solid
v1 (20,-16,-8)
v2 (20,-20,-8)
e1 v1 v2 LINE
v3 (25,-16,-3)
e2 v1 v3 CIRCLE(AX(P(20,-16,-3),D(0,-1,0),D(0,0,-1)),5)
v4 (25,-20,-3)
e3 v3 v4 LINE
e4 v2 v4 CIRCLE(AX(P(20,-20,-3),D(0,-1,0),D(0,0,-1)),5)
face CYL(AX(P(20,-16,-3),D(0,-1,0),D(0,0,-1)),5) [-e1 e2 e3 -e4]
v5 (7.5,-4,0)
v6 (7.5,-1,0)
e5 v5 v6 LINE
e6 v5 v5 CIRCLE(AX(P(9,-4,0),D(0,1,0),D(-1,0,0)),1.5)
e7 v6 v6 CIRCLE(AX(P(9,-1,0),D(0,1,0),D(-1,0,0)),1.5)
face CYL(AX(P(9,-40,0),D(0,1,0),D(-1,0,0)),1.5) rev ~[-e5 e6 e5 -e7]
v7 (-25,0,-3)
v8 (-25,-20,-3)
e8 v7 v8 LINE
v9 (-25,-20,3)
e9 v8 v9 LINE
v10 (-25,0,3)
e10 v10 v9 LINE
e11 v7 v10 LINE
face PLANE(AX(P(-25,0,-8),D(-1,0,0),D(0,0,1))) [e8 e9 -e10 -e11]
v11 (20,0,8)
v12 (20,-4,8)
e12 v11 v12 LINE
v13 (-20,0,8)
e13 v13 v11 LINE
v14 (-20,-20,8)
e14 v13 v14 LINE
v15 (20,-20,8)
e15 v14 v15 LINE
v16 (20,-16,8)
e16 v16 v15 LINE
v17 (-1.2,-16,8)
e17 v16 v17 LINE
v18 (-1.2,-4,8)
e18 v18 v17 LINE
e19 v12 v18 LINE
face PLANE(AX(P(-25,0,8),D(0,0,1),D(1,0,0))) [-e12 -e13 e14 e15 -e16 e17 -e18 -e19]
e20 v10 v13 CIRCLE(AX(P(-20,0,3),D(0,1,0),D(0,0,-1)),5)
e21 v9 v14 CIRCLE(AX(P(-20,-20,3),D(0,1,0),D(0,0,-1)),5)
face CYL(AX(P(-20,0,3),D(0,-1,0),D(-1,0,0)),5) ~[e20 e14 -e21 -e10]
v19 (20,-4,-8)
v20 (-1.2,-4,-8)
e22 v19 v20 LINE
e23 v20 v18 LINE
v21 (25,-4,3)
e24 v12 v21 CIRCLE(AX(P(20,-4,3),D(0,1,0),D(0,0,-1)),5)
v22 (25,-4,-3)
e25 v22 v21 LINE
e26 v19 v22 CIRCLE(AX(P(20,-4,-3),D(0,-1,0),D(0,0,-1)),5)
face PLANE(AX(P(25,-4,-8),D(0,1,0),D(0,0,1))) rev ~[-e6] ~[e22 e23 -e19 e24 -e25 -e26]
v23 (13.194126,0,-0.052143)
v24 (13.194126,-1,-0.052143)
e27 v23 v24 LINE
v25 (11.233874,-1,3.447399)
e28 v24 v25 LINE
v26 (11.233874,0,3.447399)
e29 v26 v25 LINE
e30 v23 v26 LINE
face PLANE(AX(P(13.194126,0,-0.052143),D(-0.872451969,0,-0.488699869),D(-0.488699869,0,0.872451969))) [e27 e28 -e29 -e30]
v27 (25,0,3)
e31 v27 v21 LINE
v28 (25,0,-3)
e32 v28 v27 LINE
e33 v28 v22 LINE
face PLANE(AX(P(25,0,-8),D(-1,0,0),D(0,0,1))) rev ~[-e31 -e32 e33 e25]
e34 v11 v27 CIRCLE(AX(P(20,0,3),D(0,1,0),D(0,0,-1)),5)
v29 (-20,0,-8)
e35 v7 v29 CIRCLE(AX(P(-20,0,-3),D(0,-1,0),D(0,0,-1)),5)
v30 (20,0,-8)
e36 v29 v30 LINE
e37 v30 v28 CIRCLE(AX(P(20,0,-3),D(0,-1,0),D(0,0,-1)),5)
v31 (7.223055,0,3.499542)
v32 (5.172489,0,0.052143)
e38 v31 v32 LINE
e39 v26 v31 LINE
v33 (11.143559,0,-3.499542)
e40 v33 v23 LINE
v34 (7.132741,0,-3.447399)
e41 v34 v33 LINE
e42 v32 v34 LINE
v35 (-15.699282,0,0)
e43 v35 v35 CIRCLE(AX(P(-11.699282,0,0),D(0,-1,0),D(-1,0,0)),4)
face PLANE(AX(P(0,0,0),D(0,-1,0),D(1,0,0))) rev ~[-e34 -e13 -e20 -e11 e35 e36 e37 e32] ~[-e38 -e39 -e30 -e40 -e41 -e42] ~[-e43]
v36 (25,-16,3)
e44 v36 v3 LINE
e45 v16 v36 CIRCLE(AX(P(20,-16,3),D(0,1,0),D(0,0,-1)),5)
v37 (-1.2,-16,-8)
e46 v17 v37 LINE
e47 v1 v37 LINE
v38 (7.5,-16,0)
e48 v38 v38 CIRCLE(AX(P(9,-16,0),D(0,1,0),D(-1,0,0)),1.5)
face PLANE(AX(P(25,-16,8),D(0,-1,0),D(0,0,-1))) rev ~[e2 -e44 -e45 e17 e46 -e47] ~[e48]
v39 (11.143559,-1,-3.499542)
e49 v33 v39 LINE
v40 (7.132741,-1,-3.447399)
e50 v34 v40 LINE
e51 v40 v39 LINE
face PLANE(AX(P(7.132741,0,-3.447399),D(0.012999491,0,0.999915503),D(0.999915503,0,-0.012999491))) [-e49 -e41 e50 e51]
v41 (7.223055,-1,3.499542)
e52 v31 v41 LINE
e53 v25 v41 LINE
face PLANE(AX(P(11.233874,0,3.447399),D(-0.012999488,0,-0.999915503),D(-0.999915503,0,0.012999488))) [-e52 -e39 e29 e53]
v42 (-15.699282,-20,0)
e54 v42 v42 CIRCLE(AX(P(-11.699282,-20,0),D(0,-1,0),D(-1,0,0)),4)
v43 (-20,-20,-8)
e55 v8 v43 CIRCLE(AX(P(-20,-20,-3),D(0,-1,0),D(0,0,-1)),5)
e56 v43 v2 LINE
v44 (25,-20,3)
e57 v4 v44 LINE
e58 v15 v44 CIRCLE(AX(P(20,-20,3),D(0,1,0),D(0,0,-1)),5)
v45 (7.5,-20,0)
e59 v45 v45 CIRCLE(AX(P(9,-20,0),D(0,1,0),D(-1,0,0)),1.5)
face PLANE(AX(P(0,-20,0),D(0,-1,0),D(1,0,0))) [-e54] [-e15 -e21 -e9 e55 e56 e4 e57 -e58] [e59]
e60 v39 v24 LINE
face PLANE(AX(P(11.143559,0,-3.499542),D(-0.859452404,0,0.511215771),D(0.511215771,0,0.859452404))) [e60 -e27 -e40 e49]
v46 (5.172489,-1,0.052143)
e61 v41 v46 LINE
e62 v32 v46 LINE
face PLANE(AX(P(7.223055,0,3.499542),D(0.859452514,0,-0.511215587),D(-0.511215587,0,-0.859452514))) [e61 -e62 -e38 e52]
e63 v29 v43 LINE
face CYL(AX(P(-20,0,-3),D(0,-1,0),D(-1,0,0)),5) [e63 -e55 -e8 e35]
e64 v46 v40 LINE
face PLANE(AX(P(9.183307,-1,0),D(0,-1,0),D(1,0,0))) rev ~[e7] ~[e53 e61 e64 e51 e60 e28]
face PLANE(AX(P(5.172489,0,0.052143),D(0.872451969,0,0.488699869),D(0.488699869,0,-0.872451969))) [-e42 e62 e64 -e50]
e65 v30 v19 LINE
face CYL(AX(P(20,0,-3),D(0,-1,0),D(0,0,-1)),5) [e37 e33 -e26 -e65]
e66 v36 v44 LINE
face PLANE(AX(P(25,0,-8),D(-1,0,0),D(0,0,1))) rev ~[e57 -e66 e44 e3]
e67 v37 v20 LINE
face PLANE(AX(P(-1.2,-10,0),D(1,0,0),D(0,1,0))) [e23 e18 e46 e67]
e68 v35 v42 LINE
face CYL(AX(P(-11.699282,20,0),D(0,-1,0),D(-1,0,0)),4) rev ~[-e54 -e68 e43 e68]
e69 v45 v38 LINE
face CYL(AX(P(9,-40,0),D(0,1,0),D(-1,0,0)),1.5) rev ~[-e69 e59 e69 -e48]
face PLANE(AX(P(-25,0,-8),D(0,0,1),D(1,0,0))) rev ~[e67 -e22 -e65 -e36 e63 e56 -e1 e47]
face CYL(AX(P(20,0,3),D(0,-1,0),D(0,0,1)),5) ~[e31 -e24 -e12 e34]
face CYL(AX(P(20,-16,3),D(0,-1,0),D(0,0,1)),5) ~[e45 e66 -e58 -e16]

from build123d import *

# Parameters (mm, degrees)
F0_W      = 50
F0_H      = 16
F2_DEPTH  = 20
F3_D      = 8
F3_DEPTH  = 20
F5_D      = 3
F5_DEPTH  = 20
F7_DEPTH  = 26.2
F8_R      = 5
F10_DEPTH = 1


with BuildPart() as f2:
    # F0 (on Front) → F2 (new body)
    with BuildSketch(Plane.XZ):
        Rectangle(F0_W, F0_H)
    extrude(amount=F2_DEPTH)

    # F3
    with Locations(Plane(origin=(0, 0, 0), x_dir=(1, 0, 0), z_dir=(0, 1, 0))):
        with Locations((-11.699282, 0)):
            Hole(F3_D / 2, depth=F3_DEPTH)

    # F5
    with Locations(Plane.XZ.offset(20)):
        with Locations((9, 0)):
            Hole(F5_D / 2, depth=F5_DEPTH)

    # F6 (on face) → F7 (cut)
    with BuildSketch(Plane.YZ.offset(25)):
        Polygon((-16, 8), (-16, 0), (-16, -8), (-4, -8), (-4, 0), (-4, 8), align=None)
    extrude(amount=-F7_DEPTH, mode=Mode.SUBTRACT)

    # F8
    f8_edges = [f2.edges().sort_by_distance(p)[0] for p in [
        (25, -18, 8),
        (25, -2, 8),
        (25, -2, -8),
        (25, -18, -8),
        (-25, -10, -8),
        (-25, -10, 8),
    ]]
    fillet(f8_edges, radius=F8_R)

    # F9 (on Front) → F10 (cut)
    with BuildSketch(Plane.XZ):
        Polygon((11.143559, -3.499542), (13.194126, -0.052143), (11.233874, 3.447399), (7.223055, 3.499542), (5.172489, 0.052143), (7.132741, -3.447399), align=None)
    extrude(amount=F10_DEPTH, mode=Mode.SUBTRACT)


solid = f2.part
